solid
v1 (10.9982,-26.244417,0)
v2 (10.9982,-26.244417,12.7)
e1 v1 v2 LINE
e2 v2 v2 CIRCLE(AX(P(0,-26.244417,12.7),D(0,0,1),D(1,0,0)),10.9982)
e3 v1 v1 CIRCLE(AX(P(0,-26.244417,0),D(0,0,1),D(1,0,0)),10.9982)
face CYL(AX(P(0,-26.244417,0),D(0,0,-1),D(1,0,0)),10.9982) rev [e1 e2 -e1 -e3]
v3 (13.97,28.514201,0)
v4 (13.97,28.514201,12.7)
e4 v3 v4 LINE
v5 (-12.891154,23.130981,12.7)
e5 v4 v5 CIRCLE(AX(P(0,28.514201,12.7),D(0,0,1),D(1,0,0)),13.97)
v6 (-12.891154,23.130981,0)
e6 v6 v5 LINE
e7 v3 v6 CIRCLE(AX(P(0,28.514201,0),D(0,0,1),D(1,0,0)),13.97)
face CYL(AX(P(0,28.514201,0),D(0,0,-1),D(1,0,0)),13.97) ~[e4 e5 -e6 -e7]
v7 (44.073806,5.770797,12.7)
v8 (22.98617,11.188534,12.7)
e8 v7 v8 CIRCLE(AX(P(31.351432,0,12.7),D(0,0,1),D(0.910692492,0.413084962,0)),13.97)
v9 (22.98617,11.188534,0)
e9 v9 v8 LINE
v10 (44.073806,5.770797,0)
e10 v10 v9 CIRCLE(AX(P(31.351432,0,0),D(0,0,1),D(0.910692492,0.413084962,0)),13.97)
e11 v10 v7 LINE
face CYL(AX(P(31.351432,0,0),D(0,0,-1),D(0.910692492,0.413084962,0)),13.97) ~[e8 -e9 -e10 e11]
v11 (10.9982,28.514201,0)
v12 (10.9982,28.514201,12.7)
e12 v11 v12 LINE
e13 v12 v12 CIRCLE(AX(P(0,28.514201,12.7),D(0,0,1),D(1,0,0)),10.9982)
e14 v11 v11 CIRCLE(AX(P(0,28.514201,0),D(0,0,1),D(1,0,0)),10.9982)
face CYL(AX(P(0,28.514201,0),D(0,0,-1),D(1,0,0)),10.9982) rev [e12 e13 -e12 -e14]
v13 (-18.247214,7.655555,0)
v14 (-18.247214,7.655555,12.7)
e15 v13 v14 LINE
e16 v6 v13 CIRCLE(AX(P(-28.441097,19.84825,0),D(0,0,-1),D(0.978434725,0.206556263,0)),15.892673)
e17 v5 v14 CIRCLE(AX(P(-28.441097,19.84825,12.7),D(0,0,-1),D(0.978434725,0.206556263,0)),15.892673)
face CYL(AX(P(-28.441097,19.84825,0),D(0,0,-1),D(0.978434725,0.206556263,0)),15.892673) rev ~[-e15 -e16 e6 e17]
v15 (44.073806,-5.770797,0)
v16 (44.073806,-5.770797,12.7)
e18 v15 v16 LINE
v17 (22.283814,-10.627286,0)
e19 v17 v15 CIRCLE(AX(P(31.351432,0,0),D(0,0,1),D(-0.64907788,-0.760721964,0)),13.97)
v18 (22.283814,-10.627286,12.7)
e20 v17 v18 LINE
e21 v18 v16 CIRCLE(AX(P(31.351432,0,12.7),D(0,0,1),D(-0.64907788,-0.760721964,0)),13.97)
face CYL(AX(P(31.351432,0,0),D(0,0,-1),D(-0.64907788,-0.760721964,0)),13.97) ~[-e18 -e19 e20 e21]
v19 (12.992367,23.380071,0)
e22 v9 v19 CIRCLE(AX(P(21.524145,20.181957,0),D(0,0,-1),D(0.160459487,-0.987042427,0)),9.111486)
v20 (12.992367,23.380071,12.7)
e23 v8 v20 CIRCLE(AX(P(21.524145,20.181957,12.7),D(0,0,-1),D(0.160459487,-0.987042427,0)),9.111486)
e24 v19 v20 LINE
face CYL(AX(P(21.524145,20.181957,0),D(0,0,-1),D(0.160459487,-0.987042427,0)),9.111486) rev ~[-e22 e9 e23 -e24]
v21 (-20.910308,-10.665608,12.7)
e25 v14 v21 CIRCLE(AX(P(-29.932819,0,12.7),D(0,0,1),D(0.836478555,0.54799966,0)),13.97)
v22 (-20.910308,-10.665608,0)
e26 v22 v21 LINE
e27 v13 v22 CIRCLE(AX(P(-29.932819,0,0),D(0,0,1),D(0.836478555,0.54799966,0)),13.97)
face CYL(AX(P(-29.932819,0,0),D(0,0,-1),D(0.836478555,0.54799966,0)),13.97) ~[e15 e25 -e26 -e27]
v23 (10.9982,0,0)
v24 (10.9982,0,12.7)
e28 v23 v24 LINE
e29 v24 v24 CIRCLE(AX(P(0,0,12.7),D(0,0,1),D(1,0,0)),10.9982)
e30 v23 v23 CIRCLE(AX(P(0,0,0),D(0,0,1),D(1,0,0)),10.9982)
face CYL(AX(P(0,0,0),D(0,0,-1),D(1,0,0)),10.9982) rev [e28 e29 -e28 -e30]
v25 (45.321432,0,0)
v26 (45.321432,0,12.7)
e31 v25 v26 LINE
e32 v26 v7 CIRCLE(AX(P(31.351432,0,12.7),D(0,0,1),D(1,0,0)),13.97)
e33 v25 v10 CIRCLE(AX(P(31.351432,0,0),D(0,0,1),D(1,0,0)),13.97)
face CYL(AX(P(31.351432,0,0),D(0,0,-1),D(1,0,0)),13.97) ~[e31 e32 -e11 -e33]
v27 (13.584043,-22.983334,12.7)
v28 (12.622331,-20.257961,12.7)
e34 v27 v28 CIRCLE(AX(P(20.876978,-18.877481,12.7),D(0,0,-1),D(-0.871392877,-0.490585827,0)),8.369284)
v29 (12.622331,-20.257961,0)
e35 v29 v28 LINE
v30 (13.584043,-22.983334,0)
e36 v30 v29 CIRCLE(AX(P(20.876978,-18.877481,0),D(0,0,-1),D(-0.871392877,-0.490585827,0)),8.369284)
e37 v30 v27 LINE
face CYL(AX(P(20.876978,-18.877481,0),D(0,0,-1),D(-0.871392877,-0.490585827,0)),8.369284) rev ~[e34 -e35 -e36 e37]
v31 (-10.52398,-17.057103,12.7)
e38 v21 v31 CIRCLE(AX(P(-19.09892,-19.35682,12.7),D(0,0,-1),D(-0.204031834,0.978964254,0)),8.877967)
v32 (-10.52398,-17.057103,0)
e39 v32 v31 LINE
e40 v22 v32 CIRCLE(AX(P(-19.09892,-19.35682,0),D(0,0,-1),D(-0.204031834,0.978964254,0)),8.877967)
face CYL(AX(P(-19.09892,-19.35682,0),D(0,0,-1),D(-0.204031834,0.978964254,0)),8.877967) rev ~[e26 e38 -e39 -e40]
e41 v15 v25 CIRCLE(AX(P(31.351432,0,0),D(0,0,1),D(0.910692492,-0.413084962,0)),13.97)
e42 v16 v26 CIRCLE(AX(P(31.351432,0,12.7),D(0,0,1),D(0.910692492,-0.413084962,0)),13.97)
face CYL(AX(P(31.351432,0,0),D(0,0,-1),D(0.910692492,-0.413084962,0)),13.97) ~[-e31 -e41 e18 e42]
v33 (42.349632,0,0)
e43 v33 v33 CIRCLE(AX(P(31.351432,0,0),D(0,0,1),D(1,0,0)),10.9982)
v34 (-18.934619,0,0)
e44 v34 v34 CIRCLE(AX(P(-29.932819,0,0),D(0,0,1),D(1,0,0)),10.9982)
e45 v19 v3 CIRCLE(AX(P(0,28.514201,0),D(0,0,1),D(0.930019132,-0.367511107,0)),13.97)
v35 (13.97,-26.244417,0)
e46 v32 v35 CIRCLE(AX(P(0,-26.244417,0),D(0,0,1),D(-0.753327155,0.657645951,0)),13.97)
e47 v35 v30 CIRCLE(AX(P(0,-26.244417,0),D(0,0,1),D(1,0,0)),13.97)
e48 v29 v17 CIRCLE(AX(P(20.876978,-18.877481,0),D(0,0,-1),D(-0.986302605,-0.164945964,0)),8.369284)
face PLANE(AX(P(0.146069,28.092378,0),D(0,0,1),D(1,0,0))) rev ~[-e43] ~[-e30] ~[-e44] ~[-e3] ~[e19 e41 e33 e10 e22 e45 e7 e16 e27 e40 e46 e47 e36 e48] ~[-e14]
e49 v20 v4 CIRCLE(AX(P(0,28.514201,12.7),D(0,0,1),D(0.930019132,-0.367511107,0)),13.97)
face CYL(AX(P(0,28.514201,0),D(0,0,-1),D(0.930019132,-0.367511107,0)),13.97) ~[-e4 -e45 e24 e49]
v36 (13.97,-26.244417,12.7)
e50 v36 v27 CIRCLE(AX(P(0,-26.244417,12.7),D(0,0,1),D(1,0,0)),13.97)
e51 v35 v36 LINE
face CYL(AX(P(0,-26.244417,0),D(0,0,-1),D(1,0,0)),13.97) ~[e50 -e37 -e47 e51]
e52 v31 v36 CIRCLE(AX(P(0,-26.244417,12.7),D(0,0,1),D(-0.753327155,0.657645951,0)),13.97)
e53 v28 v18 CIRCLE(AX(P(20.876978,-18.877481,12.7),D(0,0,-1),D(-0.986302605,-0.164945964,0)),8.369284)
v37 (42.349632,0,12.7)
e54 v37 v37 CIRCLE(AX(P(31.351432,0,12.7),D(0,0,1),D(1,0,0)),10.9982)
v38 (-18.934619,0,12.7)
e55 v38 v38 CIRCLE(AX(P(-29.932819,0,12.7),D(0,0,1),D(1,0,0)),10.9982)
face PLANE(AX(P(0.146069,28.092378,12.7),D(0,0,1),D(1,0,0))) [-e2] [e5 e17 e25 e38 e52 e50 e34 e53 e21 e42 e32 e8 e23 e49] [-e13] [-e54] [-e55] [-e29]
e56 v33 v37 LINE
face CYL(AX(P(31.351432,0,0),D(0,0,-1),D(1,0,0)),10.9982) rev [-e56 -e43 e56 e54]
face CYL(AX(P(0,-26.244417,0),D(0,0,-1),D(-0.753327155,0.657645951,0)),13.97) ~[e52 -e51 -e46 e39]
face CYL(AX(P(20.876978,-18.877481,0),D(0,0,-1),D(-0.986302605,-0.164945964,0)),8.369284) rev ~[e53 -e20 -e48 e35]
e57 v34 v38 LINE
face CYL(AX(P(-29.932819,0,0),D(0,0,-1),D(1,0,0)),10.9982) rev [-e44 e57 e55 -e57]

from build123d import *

# Parameters (mm, degrees)
F0_R     = 10.9982
F1_DEPTH = 12.7


with BuildPart() as f1:
    # F0 (on Top) → F1 (new body)
    with BuildSketch(Plane.XY):
        with BuildLine():
            ThreePointArc((-12.8911538343, 23.1309812626), (0.1344337077, 14.5448476662), (12.9923672765, 23.3800706565))
            ThreePointArc((12.9923672765, 23.3800706565), (13.7234155889, 25.9010103246), (13.97, 28.5142008215))
            ThreePointArc((13.97, 28.5142008215), (-2.7451303188, 42.2118341767), (-12.8911538343, 23.1309812626))
        make_face()
        with Locations((0, 28.5142008215)):
            Circle(F0_R, mode=Mode.SUBTRACT)
        with BuildLine():
            ThreePointArc((22.2838142213, -10.6272858301), (17.3886665619, 0.4495282156), (22.9861698039, 11.1885336382))
            ThreePointArc((22.9861698039, 11.1885336382), (14.477603867, 14.4056755038), (12.9923672765, 23.3800706565))
            ThreePointArc((12.9923672765, 23.3800706565), (0.1344337077, 14.5448476662), (-12.8911538343, 23.1309812626))
            ThreePointArc((-12.8911538343, 23.1309812626), (-13.4224968925, 14.6502977979), (-18.2472138965, 7.6555552505))
            ThreePointArc((-18.2472138965, 7.6555552505), (-16.5460943978, 3.9945583246), (-15.9628193069, 0))
            ThreePointArc((-15.9628193069, 0), (-17.2599076539, -5.8786231583), (-20.9103082456, -10.6656080065))
            ThreePointArc((-20.9103082456, -10.6656080065), (-14.446049098, -11.7957961727), (-10.5239803599, -17.0571028955))
            ThreePointArc((-10.5239803599, -17.0571028955), (-7.90695155, -14.7274286335), (-4.7925511239, -13.1222084165))
            ThreePointArc((-4.7925511239, -13.1222084165), (-8.0065273621, 11.4479875786), (13.97, 0))
            ThreePointArc((13.97, 0), (11.4479875786, -8.0065273621), (4.7925511239, -13.1222084165))
            ThreePointArc((4.7925511239, -13.1222084165), (9.4100623481, -15.9191262024), (12.6223312654, -20.257961001))
            ThreePointArc((12.6223312654, -20.257961001), (14.9684584098, -12.9500609929), (22.2838142213, -10.6272858301))
        make_face()
        with BuildLine():
            ThreePointArc((44.0738063138, -5.7707969136), (44.3558518724, -2.8915228992), (44.45, 0))
            ThreePointArc((44.45, 0), (44.3558518724, 2.8915228992), (44.0738063138, 5.7707969136))
            ThreePointArc((44.0738063138, 5.7707969136), (34.8276475911, 13.5305885528), (22.9861698039, 11.1885336382))
            ThreePointArc((22.9861698039, 11.1885336382), (17.3886665619, 0.4495282156), (22.2838142213, -10.6272858301))
            ThreePointArc((22.2838142213, -10.6272858301), (34.3904586495, -13.6354397899), (44.0738063138, -5.7707969136))
        make_face()
        with Locations((31.3514322042, 0)):
            Circle(F0_R, mode=Mode.SUBTRACT)
        with BuildLine():
            ThreePointArc((-15.9628193069, 0), (-16.5460943978, 3.9945583246), (-18.2472138965, 7.6555552505))
            ThreePointArc((-18.2472138965, 7.6555552505), (-43.7575354965, 2.0095079688), (-20.9103082456, -10.6656080065))
            ThreePointArc((-20.9103082456, -10.6656080065), (-17.2599076539, -5.8786231583), (-15.9628193069, 0))
        make_face()
        with Locations((-29.9328193069, 0)):
            Circle(F0_R, mode=Mode.SUBTRACT)
        with BuildLine():
            ThreePointArc((13.5840434167, -22.9833335078), (12.9846567282, -21.6624735847), (12.6223312654, -20.257961001))
            ThreePointArc((12.6223312654, -20.257961001), (9.4100623481, -15.9191262024), (4.7925511239, -13.1222084165))
            ThreePointArc((4.7925511239, -13.1222084165), (0, -13.97), (-4.7925511239, -13.1222084165))
            ThreePointArc((-4.7925511239, -13.1222084165), (-7.90695155, -14.7274286335), (-10.5239803599, -17.0571028955))
            ThreePointArc((-10.5239803599, -17.0571028955), (-4.9061642029, -39.3245717561), (13.97, -26.2444168329))
            ThreePointArc((13.97, -26.2444168329), (13.873175313, -24.6024951739), (13.5840434167, -22.9833335078))
        make_face()
        with Locations((0, -26.2444168329)):
            Circle(F0_R, mode=Mode.SUBTRACT)
        with BuildLine():
            ThreePointArc((-4.7925511239, -13.1222084165), (0, -13.97), (4.7925511239, -13.1222084165))
            ThreePointArc((4.7925511239, -13.1222084165), (0, -12.2744168329), (-4.7925511239, -13.1222084165))
        make_face()
        with BuildLine():
            ThreePointArc((-4.7925511239, -13.1222084165), (0, -12.2744168329), (4.7925511239, -13.1222084165))
            ThreePointArc((4.7925511239, -13.1222084165), (11.4479875786, -8.0065273621), (13.97, 0))
            ThreePointArc((13.97, 0), (-8.0065273621, 11.4479875786), (-4.7925511239, -13.1222084165))
        make_face()
        Circle(F0_R, mode=Mode.SUBTRACT)
        with BuildLine():
            ThreePointArc((44.0738063138, 5.7707969136), (44.3558518724, 2.8915228992), (44.45, 0))
            ThreePointArc((44.45, 0), (44.3558518724, -2.8915228992), (44.0738063138, -5.7707969136))
            ThreePointArc((44.0738063138, -5.7707969136), (45.005963802, -2.9520614569), (45.3214322042, 0))
            ThreePointArc((45.3214322042, 0), (45.005963802, 2.9520614569), (44.0738063138, 5.7707969136))
        make_face()
    extrude(amount=F1_DEPTH)


solid = f1.part
